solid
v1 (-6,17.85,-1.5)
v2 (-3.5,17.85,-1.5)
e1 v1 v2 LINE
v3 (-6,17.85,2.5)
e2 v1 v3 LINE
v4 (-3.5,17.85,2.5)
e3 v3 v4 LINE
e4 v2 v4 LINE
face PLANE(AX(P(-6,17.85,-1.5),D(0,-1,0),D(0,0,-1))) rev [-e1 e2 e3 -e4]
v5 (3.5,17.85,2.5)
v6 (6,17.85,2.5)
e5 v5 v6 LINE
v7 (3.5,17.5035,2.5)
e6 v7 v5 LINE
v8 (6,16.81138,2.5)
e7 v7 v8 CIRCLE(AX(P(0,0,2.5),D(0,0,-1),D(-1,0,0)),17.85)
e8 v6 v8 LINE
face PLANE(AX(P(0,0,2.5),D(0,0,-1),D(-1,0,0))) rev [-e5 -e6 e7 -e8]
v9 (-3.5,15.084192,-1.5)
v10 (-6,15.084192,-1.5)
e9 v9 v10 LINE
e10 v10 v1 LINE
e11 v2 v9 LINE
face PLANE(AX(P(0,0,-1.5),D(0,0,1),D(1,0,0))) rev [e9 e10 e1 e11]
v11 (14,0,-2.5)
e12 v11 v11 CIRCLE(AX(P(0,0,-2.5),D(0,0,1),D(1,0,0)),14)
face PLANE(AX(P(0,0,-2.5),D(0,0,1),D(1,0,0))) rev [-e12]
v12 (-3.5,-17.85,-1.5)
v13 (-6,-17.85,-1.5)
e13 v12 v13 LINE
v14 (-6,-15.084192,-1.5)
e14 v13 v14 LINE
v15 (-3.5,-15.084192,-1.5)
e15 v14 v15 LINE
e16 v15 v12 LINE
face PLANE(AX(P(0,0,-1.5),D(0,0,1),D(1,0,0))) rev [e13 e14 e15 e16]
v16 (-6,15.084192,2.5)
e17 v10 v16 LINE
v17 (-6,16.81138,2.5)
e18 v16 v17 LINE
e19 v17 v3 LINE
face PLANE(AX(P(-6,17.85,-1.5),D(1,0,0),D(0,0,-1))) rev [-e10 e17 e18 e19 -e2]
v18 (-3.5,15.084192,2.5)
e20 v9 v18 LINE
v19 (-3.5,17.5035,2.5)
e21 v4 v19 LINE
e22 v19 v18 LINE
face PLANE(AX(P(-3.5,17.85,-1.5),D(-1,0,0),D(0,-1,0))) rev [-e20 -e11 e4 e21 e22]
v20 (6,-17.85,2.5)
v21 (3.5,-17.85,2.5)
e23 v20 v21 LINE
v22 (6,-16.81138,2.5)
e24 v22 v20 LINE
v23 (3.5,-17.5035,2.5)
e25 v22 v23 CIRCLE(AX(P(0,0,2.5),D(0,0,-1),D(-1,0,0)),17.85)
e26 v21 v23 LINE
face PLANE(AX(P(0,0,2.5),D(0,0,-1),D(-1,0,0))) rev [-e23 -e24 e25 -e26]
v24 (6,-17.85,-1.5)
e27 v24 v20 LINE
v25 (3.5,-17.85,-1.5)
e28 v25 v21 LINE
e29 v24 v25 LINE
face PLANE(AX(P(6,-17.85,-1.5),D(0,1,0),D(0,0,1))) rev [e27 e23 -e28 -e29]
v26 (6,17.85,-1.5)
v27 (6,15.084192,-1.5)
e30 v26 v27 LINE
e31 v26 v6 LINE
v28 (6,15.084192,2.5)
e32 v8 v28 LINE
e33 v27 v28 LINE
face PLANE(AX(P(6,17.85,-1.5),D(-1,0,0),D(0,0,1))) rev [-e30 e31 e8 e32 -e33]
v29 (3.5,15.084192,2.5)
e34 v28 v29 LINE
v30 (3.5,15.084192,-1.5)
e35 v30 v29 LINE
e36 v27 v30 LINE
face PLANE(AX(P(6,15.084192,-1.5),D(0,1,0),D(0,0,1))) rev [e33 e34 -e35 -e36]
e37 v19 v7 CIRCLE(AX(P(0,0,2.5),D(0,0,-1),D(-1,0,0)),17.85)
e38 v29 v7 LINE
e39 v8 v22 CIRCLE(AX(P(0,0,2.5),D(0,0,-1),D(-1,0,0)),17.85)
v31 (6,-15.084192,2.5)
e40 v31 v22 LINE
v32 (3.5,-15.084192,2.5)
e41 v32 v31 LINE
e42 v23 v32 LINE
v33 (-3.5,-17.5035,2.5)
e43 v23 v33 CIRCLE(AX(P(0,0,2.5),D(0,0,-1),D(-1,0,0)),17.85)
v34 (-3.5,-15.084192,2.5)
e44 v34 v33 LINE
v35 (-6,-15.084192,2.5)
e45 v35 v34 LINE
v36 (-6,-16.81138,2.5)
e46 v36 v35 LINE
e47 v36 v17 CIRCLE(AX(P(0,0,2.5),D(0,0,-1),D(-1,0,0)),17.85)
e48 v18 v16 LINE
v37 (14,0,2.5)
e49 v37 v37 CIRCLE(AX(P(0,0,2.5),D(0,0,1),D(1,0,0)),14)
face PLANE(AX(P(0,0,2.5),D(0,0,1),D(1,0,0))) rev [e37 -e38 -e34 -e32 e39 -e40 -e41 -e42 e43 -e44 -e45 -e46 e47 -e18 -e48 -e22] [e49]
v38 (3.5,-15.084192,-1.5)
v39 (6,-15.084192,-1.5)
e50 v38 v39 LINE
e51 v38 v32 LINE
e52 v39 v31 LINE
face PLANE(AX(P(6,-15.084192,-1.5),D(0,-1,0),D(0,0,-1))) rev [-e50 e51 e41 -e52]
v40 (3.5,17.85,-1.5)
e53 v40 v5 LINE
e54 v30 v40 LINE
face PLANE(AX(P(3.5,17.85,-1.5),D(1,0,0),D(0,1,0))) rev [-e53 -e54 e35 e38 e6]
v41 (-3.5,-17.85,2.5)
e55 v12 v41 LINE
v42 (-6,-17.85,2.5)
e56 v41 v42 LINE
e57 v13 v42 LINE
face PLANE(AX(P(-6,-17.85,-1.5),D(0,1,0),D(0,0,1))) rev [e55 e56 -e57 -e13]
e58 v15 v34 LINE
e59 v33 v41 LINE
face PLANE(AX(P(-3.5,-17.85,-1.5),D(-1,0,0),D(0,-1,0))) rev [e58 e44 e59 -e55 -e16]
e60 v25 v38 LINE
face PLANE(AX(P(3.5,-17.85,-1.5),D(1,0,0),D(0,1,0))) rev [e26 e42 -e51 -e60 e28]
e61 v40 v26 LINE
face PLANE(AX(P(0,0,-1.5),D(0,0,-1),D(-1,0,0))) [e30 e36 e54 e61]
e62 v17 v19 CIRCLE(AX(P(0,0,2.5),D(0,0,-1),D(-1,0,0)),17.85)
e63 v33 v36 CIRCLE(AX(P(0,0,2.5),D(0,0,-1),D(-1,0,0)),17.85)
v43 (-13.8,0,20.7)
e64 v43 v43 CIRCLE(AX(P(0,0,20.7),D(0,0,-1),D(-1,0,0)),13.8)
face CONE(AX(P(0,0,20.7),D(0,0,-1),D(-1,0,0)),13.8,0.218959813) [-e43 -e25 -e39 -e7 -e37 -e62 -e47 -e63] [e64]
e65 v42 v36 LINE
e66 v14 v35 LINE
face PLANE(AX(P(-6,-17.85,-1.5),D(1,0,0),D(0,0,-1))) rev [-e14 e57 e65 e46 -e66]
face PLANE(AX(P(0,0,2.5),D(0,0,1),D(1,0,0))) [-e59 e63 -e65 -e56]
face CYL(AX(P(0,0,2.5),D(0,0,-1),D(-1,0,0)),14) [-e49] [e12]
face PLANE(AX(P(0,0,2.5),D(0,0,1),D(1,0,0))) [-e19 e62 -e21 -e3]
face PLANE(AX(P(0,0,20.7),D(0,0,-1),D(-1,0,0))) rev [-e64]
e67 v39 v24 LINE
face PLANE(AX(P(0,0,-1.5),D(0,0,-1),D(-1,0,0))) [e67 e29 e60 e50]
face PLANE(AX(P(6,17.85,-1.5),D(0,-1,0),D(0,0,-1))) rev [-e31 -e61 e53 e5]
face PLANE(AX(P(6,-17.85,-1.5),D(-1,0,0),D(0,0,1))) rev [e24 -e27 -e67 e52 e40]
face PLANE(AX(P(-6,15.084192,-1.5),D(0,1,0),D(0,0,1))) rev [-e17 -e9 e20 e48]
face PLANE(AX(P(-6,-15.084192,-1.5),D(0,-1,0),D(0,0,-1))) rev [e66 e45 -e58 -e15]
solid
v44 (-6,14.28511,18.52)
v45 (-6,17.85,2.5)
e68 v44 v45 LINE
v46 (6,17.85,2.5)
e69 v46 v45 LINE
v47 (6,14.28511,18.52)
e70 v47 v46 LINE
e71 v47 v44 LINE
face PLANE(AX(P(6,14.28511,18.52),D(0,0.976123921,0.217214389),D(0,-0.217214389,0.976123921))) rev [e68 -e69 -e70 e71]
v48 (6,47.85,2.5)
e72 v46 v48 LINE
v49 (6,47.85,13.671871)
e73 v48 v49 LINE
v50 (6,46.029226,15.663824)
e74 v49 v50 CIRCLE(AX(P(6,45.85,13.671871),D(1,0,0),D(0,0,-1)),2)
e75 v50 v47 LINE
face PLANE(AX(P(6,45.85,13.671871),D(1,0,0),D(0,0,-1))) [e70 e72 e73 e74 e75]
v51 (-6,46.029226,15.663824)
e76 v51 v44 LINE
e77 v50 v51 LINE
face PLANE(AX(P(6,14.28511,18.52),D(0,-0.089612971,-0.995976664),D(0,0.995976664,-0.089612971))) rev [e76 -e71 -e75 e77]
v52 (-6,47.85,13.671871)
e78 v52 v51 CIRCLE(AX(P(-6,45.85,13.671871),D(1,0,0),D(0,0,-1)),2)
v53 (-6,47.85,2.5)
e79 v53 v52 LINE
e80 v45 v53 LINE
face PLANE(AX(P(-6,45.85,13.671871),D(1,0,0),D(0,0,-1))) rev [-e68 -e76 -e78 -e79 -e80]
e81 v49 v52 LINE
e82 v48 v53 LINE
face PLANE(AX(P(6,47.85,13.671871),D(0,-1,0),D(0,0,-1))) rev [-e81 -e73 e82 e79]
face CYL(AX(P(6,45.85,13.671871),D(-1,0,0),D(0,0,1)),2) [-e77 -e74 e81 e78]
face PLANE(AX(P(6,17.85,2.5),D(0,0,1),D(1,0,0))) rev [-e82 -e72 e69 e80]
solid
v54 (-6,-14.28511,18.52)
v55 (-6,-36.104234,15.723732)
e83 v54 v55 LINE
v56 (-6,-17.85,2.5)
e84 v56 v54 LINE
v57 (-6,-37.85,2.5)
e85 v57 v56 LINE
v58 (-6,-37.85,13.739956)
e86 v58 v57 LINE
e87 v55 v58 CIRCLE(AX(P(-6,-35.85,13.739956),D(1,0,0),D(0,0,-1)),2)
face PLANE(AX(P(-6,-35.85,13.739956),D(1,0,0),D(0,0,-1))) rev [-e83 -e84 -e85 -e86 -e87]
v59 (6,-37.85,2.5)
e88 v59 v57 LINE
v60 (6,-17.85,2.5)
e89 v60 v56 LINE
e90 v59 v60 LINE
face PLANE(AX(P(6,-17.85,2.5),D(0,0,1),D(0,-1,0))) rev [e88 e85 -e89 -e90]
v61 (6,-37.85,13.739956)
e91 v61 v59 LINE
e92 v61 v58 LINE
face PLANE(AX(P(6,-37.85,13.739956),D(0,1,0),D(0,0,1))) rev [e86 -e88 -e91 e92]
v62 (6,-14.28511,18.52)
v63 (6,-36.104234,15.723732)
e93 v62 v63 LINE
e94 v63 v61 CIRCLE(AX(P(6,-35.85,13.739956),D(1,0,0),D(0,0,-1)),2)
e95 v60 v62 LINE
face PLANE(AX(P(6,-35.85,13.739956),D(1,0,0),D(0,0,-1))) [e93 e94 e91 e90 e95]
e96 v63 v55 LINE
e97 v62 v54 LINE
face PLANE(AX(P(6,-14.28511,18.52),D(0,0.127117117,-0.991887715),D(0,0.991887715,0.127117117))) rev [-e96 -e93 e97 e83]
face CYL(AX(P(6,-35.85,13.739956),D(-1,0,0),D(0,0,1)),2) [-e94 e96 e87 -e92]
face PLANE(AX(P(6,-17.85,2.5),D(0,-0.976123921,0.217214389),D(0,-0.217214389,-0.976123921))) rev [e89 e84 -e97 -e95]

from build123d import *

# Parameters (mm, degrees)
CROQUIS1_R                = 14
SALIENTE_EXTRUIR1_DEPTH   = 2.5
SALIENTE_EXTRUIR2_DEPTH   = 6
SALIENTE_EXTRUIR2_2_DEPTH = 6
CROQUIS8_W                = 2.5
CROQUIS8_H                = 2.765808148
SALIENTE_EXTRUIR4_DEPTH   = 4


with BuildPart() as part:
    # Croquis1 → Saliente-Extruir1 (new, symmetric)
    with BuildSketch(Plane.XY):
        Circle(CROQUIS1_R)
    extrude(amount=SALIENTE_EXTRUIR1_DEPTH, both=True)

    # Croquis4 → Revolución1 (revolve)
    with BuildSketch(Plane(origin=(0, 0, 0), x_dir=(1, 0, 0), z_dir=(0, 1, 0)), mode=Mode.PRIVATE) as revoluci_n1_sk:
        Polygon((0, -2.5), (17.85, -2.5), (13.8, -20.7), (0, -20.7), align=None)
    revolve(revoluci_n1_sk.sketch.rotate(Axis((0, 0, 2.5), (0, 0, 1)), 180), axis=Axis((0, 0, 2.5), (0, 0, 1)))

    # Croquis8 → Saliente-Extruir4 (add)
    with BuildSketch(Plane(origin=(0, 0, 2.5), x_dir=(-1, 0, 0), z_dir=(0, 0, -1))):
        with Locations((-4.75, 16.467095926)):
            Rectangle(CROQUIS8_W, CROQUIS8_H)
        with Locations((4.75, 16.467095926)):
            Rectangle(CROQUIS8_W, CROQUIS8_H)
        with Locations((4.75, -16.467095926)):
            Rectangle(CROQUIS8_W, CROQUIS8_H)
        with Locations((-4.75, -16.467095926)):
            Rectangle(CROQUIS8_W, CROQUIS8_H)
    extrude(amount=SALIENTE_EXTRUIR4_DEPTH)


with BuildPart() as body_2:
    # Croquis6 → Saliente-Extruir2 (new, symmetric)
    with BuildSketch(Plane(origin=(0, 0, 0), x_dir=(0, 0, -1), z_dir=(1, 0, 0))):
        with BuildLine():
            Line((-2.5, 17.85), (-2.5, 47.85))
            Line((-2.5, 47.85), (-13.671870764, 47.85))
            ThreePointArc((-13.671870764, 47.85), (-15.021231375, 47.326220154), (-15.663824092, 46.029225942))
            Line((-15.663824092, 46.029225942), (-18.52, 14.28510989))
            Line((-18.52, 14.28510989), (-2.5, 17.85))
        make_face()
    extrude(amount=SALIENTE_EXTRUIR2_DEPTH, both=True)


with BuildPart() as body_3:
    # Croquis6 → Saliente-Extruir2 2 (new, symmetric)
    with BuildSketch(Plane(origin=(0, 0, 0), x_dir=(0, 0, -1), z_dir=(1, 0, 0))):
        with BuildLine():
            Line((-2.5, -17.85), (-18.52, -14.28510989))
            Line((-18.52, -14.28510989), (-15.723731687, -36.104234234))
            ThreePointArc((-15.723731687, -36.104234234), (-15.061230554, -37.351410748), (-13.739956257, -37.85))
            Line((-13.739956257, -37.85), (-2.5, -37.85))
            Line((-2.5, -37.85), (-2.5, -17.85))
        make_face()
    extrude(amount=SALIENTE_EXTRUIR2_2_DEPTH, both=True)


solid = Compound([part.part, body_2.part, body_3.part])
